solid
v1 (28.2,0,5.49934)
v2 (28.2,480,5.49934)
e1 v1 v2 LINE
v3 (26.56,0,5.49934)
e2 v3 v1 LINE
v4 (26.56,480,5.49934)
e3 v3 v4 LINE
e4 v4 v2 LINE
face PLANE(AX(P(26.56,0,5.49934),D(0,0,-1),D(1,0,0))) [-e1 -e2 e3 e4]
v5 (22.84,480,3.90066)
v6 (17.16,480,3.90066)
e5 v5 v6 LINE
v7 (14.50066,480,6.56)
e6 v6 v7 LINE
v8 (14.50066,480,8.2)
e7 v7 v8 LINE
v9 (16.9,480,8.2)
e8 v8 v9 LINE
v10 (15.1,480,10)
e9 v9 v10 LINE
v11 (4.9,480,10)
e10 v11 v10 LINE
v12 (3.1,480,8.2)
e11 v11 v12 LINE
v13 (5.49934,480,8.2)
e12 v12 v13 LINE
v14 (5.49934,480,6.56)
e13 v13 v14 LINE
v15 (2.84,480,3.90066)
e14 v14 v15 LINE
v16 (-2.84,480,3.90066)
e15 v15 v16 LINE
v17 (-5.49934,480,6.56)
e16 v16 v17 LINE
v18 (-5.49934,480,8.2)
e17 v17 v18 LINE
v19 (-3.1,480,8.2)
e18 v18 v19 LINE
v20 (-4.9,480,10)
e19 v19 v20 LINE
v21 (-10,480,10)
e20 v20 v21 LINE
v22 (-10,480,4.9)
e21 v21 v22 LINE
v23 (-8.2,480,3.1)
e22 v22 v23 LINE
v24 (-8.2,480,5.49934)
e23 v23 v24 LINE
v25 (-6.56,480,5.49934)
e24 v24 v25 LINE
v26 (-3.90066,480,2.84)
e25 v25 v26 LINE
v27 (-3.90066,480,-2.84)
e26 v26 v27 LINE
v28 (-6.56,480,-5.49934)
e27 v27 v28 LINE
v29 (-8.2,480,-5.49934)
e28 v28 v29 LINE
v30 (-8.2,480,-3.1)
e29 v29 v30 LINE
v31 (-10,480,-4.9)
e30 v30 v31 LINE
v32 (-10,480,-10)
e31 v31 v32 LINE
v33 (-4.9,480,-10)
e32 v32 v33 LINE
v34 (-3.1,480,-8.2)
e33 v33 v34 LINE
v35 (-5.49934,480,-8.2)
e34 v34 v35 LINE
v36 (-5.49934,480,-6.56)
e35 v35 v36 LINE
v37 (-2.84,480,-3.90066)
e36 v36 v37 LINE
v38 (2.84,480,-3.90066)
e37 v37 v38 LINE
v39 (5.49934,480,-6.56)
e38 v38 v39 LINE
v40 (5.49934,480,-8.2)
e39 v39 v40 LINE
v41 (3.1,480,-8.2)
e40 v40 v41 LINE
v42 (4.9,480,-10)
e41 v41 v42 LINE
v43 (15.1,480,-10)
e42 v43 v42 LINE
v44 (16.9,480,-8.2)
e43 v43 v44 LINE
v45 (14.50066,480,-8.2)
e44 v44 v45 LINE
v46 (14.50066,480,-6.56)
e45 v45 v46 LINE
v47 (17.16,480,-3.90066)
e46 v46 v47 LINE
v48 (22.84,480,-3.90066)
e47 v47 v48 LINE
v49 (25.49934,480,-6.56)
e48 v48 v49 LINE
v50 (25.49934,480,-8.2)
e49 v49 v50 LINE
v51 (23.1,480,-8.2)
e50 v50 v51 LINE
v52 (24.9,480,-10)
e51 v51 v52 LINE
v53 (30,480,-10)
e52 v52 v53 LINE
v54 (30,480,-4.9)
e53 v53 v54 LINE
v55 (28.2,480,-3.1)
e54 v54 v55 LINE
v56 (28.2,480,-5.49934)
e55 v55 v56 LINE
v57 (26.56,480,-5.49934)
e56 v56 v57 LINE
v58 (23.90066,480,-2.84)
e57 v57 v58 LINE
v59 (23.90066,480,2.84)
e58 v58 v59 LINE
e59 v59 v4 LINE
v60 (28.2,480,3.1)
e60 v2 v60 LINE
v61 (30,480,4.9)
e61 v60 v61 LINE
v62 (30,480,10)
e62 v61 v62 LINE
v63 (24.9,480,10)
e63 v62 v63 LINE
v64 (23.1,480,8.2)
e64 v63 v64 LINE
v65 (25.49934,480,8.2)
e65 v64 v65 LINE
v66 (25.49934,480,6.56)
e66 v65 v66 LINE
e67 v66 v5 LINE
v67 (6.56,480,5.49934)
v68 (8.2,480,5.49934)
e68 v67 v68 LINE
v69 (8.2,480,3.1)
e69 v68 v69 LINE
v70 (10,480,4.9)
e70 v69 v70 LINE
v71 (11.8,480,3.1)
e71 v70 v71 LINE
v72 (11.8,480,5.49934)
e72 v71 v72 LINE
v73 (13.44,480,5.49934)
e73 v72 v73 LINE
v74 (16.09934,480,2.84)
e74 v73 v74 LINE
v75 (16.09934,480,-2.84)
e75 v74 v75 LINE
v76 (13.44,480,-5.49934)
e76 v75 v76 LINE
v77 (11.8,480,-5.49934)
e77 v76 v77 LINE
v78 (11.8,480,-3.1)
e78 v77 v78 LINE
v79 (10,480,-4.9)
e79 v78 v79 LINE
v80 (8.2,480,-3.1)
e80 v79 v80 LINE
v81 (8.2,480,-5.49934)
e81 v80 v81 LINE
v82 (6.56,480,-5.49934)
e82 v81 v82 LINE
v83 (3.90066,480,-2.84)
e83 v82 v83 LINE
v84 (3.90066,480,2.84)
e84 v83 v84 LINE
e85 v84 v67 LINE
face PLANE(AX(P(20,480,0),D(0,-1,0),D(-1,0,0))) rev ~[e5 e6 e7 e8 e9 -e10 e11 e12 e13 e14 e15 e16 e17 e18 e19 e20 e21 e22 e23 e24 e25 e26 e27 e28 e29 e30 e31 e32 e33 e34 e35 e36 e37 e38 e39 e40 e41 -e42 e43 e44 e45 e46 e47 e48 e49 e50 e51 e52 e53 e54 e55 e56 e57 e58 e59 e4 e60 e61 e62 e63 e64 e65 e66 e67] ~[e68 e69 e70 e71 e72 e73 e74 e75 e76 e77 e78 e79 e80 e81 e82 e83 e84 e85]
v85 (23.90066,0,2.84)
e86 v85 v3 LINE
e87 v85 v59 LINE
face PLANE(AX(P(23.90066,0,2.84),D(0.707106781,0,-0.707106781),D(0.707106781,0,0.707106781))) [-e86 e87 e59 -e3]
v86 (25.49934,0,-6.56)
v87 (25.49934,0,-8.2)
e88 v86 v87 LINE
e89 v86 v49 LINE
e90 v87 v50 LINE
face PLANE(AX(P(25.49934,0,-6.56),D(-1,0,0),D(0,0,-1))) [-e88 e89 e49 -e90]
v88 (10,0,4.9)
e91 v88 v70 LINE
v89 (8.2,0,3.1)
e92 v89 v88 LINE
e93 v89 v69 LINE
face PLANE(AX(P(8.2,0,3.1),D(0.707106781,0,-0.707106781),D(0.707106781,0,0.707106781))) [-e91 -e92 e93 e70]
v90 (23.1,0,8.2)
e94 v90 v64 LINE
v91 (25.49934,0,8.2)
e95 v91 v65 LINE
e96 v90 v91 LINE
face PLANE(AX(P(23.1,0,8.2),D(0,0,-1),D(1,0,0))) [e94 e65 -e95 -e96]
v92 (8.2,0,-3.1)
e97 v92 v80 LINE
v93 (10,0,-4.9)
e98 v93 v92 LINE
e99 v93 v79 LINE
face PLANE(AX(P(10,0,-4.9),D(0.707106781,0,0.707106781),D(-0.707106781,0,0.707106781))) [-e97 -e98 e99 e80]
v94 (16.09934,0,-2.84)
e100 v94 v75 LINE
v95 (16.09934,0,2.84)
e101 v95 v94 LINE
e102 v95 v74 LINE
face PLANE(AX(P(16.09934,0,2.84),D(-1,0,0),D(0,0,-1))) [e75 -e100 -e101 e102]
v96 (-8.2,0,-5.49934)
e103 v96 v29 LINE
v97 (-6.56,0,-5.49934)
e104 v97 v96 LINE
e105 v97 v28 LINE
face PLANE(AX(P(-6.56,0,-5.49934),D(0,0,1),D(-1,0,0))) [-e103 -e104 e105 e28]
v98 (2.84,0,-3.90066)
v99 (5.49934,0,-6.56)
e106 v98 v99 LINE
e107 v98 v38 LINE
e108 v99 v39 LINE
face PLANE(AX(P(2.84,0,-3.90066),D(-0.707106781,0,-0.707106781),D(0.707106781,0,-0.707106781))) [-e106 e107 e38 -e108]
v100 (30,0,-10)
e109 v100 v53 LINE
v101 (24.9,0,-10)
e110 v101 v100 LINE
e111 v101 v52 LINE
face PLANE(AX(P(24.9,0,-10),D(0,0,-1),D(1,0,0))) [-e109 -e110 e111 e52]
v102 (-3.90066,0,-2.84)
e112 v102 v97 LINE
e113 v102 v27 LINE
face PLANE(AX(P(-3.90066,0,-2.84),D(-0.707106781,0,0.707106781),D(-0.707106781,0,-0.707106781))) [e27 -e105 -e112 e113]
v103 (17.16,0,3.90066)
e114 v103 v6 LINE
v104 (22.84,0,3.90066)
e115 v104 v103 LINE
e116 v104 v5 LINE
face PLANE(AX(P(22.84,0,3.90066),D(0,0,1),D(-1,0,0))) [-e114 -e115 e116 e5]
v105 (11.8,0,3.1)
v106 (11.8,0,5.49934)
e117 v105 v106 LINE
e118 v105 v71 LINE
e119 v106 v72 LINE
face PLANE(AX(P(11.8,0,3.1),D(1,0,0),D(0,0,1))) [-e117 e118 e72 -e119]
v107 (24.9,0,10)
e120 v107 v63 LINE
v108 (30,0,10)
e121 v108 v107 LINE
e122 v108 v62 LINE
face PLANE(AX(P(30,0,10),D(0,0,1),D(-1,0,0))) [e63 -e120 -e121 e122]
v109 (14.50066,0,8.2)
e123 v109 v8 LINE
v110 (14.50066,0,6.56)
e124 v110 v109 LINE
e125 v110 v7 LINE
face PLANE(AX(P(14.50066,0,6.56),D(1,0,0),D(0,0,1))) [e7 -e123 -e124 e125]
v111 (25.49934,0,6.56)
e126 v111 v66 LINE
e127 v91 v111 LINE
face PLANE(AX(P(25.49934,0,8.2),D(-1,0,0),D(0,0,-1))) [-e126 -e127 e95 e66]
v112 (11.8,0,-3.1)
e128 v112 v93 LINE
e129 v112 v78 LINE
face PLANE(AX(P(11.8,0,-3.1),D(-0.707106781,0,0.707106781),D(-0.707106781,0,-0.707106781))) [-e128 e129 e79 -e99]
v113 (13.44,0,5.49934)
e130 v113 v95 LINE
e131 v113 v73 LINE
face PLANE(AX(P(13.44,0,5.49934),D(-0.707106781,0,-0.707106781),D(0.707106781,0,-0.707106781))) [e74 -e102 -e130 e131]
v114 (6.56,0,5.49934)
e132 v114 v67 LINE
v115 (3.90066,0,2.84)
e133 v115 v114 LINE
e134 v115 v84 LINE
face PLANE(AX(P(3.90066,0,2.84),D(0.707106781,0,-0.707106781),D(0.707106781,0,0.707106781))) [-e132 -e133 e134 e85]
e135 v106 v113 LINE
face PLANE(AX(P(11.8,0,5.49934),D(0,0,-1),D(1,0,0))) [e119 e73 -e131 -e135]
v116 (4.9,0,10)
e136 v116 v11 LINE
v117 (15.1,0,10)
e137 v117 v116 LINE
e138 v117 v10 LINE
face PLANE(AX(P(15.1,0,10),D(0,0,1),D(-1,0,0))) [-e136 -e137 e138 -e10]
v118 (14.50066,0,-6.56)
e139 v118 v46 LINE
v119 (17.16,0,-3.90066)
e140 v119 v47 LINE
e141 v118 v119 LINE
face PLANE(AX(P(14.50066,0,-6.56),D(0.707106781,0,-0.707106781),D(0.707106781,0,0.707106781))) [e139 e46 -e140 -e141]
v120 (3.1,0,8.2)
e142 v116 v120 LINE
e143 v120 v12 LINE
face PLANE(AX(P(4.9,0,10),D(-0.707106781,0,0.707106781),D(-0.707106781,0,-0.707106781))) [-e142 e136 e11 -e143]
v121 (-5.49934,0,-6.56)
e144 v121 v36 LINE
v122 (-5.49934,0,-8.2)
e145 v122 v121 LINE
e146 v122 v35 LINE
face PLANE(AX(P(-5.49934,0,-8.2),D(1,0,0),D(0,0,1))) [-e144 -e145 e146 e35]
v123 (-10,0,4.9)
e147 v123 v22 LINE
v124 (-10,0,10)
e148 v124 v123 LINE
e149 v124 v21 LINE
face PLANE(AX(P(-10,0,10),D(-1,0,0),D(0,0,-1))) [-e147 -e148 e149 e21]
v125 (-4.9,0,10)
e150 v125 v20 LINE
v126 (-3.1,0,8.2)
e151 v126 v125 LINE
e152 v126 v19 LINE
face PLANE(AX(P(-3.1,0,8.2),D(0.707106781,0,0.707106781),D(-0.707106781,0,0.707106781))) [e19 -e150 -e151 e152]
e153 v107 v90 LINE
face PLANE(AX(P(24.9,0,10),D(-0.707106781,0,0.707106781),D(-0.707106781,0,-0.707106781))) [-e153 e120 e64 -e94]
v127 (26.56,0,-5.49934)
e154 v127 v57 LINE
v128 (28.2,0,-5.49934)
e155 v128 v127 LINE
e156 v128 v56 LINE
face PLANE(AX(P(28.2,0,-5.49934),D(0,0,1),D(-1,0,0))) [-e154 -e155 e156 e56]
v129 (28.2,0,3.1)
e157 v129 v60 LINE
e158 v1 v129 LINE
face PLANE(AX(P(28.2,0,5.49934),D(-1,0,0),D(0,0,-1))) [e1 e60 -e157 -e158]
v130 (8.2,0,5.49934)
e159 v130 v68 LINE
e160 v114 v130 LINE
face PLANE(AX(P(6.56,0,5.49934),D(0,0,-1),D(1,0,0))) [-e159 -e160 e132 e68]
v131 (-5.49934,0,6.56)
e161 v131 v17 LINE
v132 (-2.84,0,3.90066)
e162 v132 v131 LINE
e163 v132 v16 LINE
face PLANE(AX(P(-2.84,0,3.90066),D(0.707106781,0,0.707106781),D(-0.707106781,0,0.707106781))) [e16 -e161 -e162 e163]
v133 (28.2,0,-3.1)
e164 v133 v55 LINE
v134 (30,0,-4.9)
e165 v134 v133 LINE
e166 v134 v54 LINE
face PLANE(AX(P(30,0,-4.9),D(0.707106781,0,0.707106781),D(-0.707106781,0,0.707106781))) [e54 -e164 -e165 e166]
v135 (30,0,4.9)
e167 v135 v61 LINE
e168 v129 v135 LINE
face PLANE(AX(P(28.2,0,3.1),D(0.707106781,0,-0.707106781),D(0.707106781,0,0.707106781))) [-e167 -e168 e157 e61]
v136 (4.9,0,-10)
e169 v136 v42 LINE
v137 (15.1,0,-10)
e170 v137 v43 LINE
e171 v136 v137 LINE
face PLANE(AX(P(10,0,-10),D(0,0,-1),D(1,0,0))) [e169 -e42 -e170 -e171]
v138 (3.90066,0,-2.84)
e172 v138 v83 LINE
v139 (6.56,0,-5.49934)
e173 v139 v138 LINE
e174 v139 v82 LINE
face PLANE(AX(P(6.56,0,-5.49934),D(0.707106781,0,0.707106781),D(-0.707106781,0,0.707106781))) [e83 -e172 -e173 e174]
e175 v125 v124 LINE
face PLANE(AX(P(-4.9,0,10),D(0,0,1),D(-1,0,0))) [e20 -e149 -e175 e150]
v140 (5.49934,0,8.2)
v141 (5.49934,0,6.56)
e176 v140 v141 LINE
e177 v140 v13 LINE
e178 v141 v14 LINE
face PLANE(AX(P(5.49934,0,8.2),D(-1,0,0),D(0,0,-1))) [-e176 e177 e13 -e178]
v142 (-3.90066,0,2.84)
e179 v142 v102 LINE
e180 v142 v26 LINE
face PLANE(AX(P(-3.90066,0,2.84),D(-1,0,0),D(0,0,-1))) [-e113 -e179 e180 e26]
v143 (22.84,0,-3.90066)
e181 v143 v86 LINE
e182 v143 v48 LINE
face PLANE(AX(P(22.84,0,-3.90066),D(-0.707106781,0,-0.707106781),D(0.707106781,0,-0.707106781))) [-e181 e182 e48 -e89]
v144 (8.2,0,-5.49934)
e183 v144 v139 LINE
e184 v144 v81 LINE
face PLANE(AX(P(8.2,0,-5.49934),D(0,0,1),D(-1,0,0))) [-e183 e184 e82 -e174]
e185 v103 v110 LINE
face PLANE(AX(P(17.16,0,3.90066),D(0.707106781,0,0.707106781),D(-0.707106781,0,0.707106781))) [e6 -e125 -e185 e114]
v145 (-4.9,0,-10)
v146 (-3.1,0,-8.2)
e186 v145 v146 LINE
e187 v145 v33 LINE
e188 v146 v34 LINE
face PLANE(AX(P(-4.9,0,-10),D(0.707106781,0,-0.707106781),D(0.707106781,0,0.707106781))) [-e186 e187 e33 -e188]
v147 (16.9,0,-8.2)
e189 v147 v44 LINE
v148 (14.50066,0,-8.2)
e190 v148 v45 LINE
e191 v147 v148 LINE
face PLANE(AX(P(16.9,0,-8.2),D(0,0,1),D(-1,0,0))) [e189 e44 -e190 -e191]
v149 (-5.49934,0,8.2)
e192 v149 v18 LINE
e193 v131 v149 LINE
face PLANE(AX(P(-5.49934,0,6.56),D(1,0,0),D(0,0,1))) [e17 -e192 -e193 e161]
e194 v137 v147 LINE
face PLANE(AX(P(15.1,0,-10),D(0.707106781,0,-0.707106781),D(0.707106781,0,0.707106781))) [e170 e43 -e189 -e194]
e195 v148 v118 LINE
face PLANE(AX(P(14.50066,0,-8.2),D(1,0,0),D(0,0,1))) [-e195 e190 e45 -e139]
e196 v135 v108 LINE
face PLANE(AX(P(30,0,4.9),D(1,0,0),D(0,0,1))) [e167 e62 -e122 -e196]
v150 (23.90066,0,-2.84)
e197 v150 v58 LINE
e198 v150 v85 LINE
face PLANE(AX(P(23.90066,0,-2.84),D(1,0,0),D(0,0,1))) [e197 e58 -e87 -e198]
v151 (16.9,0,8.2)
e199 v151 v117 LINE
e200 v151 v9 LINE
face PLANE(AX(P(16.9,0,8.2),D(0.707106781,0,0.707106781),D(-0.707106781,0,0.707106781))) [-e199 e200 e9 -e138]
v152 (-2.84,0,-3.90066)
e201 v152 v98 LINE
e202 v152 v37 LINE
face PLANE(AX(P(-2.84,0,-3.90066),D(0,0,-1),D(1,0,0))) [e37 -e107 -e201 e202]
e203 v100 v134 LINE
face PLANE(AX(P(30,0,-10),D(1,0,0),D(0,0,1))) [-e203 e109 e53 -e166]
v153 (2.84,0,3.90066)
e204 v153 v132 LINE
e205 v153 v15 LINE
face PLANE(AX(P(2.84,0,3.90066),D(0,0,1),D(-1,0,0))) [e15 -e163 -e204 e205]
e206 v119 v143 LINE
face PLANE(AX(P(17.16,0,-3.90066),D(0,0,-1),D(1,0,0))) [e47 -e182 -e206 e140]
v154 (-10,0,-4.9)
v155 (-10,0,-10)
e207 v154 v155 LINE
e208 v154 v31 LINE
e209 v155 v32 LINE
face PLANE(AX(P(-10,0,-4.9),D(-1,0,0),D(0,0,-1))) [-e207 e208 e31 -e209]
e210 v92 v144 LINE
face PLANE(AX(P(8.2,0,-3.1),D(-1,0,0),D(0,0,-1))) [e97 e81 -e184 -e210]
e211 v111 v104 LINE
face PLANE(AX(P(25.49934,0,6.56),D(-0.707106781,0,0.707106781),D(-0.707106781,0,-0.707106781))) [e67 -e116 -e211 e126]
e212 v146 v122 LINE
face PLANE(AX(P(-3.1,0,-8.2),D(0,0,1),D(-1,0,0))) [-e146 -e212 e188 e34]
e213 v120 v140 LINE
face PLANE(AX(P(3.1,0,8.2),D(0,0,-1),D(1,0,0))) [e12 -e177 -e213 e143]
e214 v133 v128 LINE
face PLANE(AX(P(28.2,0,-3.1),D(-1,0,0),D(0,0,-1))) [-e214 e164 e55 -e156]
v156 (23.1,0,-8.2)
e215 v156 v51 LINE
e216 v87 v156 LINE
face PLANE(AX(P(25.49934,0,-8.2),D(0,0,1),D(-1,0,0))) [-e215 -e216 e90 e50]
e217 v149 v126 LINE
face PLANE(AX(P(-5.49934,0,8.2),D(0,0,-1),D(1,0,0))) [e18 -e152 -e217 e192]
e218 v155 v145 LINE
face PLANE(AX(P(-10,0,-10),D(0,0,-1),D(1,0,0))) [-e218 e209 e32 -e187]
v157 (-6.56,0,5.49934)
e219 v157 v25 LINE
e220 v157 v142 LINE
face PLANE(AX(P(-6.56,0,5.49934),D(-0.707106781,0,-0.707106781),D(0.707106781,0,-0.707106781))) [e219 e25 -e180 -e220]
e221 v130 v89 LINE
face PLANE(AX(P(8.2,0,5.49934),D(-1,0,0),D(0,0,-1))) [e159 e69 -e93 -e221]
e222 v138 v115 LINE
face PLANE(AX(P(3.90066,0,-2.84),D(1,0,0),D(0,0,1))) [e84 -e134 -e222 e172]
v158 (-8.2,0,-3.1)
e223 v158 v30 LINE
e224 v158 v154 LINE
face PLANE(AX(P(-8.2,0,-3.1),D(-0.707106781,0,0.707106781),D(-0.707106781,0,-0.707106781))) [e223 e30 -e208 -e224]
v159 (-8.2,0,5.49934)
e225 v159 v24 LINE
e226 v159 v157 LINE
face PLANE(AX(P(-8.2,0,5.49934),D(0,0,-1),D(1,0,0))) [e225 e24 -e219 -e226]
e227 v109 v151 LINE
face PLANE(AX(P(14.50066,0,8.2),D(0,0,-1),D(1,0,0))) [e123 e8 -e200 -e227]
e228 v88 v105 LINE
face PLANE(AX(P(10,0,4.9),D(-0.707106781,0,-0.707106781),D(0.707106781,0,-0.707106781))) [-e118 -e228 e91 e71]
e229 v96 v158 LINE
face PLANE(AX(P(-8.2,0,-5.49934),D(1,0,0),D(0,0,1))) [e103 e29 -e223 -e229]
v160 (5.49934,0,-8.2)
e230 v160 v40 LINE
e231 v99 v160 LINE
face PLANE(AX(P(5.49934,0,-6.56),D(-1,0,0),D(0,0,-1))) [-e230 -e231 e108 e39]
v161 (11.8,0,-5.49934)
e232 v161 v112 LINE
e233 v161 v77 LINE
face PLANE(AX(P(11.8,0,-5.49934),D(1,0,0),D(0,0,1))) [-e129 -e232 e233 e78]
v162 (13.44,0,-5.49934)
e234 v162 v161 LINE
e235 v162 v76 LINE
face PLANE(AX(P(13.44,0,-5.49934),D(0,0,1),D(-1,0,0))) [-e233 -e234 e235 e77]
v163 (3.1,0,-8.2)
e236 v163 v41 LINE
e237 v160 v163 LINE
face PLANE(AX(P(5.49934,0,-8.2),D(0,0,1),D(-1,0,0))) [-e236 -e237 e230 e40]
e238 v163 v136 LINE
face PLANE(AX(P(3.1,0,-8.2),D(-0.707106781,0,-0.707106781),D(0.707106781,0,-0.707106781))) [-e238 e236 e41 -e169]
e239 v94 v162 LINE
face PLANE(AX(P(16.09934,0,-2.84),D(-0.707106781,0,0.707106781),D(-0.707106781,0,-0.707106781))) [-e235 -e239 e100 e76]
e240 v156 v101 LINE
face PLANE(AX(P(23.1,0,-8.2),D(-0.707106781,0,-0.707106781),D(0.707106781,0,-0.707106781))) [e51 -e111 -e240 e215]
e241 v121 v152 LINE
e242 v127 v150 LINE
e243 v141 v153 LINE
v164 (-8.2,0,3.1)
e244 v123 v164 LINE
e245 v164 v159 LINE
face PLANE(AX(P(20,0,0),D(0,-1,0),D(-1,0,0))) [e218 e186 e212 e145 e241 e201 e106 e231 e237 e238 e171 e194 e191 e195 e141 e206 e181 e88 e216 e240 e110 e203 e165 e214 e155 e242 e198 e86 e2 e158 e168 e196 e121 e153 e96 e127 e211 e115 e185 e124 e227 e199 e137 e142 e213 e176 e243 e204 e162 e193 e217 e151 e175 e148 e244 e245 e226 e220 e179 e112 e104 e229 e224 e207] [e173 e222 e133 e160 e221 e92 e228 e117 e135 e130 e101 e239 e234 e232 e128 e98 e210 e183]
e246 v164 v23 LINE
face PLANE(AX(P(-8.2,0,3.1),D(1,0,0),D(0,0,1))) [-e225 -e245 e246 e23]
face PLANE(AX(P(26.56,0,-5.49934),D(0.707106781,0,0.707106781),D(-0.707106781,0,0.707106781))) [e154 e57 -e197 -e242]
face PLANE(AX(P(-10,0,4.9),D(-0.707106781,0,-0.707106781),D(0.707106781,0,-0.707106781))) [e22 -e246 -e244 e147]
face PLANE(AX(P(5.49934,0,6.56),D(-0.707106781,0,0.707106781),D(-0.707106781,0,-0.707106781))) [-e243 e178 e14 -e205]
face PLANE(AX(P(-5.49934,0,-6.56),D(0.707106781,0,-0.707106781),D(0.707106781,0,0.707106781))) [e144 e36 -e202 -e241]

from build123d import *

# Parameters (mm, degrees)
BOSS_EXTRUDE1_DEPTH = 480
LPATTERN1_COUNT     = 2
LPATTERN1_PITCH     = 20


with BuildPart() as part:
    # Sketch1 → Boss-Extrude1 (new body)
    with BuildSketch(Plane(origin=(0, 0, 0), x_dir=(1, 0, 0), z_dir=(0, 1, 0))):
        Polygon((2.84, -3.900660172), (-2.84, -3.900660172), (-5.499339828, -6.56), (-5.499339828, -8.2), (-3.1, -8.2), (-4.9, -10), (-10, -10), (-10, -4.9), (-8.2, -3.1), (-8.2, -5.499339828), (-6.56, -5.499339828), (-3.900660172, -2.84), (-3.900660172, 2.84), (-6.56, 5.499339828), (-8.2, 5.499339828), (-8.2, 3.1), (-10, 4.9), (-10, 10), (-4.9, 10), (-3.1, 8.2), (-5.499339828, 8.2), (-5.499339828, 6.56), (-2.84, 3.900660172), (2.84, 3.900660172), (5.499339828, 6.56), (5.499339828, 8.2), (3.1, 8.2), (4.9, 10), (10, 10), (10, 4.9), (8.2, 3.1), (8.2, 5.499339828), (6.56, 5.499339828), (3.900660172, 2.84), (3.900660172, -2.84), (6.56, -5.499339828), (8.2, -5.499339828), (8.2, -3.1), (10, -4.9), (10, -10), (4.9, -10), (3.1, -8.2), (5.499339828, -8.2), (5.499339828, -6.56), align=None)
    boss_extrude1 = extrude(amount=BOSS_EXTRUDE1_DEPTH)

    # LPattern1: Boss-Extrude1 ×2
    with Locations(*[(i * LPATTERN1_PITCH, 0, 0) for i in range(1, LPATTERN1_COUNT)]):
        add(boss_extrude1)


solid = part.part
